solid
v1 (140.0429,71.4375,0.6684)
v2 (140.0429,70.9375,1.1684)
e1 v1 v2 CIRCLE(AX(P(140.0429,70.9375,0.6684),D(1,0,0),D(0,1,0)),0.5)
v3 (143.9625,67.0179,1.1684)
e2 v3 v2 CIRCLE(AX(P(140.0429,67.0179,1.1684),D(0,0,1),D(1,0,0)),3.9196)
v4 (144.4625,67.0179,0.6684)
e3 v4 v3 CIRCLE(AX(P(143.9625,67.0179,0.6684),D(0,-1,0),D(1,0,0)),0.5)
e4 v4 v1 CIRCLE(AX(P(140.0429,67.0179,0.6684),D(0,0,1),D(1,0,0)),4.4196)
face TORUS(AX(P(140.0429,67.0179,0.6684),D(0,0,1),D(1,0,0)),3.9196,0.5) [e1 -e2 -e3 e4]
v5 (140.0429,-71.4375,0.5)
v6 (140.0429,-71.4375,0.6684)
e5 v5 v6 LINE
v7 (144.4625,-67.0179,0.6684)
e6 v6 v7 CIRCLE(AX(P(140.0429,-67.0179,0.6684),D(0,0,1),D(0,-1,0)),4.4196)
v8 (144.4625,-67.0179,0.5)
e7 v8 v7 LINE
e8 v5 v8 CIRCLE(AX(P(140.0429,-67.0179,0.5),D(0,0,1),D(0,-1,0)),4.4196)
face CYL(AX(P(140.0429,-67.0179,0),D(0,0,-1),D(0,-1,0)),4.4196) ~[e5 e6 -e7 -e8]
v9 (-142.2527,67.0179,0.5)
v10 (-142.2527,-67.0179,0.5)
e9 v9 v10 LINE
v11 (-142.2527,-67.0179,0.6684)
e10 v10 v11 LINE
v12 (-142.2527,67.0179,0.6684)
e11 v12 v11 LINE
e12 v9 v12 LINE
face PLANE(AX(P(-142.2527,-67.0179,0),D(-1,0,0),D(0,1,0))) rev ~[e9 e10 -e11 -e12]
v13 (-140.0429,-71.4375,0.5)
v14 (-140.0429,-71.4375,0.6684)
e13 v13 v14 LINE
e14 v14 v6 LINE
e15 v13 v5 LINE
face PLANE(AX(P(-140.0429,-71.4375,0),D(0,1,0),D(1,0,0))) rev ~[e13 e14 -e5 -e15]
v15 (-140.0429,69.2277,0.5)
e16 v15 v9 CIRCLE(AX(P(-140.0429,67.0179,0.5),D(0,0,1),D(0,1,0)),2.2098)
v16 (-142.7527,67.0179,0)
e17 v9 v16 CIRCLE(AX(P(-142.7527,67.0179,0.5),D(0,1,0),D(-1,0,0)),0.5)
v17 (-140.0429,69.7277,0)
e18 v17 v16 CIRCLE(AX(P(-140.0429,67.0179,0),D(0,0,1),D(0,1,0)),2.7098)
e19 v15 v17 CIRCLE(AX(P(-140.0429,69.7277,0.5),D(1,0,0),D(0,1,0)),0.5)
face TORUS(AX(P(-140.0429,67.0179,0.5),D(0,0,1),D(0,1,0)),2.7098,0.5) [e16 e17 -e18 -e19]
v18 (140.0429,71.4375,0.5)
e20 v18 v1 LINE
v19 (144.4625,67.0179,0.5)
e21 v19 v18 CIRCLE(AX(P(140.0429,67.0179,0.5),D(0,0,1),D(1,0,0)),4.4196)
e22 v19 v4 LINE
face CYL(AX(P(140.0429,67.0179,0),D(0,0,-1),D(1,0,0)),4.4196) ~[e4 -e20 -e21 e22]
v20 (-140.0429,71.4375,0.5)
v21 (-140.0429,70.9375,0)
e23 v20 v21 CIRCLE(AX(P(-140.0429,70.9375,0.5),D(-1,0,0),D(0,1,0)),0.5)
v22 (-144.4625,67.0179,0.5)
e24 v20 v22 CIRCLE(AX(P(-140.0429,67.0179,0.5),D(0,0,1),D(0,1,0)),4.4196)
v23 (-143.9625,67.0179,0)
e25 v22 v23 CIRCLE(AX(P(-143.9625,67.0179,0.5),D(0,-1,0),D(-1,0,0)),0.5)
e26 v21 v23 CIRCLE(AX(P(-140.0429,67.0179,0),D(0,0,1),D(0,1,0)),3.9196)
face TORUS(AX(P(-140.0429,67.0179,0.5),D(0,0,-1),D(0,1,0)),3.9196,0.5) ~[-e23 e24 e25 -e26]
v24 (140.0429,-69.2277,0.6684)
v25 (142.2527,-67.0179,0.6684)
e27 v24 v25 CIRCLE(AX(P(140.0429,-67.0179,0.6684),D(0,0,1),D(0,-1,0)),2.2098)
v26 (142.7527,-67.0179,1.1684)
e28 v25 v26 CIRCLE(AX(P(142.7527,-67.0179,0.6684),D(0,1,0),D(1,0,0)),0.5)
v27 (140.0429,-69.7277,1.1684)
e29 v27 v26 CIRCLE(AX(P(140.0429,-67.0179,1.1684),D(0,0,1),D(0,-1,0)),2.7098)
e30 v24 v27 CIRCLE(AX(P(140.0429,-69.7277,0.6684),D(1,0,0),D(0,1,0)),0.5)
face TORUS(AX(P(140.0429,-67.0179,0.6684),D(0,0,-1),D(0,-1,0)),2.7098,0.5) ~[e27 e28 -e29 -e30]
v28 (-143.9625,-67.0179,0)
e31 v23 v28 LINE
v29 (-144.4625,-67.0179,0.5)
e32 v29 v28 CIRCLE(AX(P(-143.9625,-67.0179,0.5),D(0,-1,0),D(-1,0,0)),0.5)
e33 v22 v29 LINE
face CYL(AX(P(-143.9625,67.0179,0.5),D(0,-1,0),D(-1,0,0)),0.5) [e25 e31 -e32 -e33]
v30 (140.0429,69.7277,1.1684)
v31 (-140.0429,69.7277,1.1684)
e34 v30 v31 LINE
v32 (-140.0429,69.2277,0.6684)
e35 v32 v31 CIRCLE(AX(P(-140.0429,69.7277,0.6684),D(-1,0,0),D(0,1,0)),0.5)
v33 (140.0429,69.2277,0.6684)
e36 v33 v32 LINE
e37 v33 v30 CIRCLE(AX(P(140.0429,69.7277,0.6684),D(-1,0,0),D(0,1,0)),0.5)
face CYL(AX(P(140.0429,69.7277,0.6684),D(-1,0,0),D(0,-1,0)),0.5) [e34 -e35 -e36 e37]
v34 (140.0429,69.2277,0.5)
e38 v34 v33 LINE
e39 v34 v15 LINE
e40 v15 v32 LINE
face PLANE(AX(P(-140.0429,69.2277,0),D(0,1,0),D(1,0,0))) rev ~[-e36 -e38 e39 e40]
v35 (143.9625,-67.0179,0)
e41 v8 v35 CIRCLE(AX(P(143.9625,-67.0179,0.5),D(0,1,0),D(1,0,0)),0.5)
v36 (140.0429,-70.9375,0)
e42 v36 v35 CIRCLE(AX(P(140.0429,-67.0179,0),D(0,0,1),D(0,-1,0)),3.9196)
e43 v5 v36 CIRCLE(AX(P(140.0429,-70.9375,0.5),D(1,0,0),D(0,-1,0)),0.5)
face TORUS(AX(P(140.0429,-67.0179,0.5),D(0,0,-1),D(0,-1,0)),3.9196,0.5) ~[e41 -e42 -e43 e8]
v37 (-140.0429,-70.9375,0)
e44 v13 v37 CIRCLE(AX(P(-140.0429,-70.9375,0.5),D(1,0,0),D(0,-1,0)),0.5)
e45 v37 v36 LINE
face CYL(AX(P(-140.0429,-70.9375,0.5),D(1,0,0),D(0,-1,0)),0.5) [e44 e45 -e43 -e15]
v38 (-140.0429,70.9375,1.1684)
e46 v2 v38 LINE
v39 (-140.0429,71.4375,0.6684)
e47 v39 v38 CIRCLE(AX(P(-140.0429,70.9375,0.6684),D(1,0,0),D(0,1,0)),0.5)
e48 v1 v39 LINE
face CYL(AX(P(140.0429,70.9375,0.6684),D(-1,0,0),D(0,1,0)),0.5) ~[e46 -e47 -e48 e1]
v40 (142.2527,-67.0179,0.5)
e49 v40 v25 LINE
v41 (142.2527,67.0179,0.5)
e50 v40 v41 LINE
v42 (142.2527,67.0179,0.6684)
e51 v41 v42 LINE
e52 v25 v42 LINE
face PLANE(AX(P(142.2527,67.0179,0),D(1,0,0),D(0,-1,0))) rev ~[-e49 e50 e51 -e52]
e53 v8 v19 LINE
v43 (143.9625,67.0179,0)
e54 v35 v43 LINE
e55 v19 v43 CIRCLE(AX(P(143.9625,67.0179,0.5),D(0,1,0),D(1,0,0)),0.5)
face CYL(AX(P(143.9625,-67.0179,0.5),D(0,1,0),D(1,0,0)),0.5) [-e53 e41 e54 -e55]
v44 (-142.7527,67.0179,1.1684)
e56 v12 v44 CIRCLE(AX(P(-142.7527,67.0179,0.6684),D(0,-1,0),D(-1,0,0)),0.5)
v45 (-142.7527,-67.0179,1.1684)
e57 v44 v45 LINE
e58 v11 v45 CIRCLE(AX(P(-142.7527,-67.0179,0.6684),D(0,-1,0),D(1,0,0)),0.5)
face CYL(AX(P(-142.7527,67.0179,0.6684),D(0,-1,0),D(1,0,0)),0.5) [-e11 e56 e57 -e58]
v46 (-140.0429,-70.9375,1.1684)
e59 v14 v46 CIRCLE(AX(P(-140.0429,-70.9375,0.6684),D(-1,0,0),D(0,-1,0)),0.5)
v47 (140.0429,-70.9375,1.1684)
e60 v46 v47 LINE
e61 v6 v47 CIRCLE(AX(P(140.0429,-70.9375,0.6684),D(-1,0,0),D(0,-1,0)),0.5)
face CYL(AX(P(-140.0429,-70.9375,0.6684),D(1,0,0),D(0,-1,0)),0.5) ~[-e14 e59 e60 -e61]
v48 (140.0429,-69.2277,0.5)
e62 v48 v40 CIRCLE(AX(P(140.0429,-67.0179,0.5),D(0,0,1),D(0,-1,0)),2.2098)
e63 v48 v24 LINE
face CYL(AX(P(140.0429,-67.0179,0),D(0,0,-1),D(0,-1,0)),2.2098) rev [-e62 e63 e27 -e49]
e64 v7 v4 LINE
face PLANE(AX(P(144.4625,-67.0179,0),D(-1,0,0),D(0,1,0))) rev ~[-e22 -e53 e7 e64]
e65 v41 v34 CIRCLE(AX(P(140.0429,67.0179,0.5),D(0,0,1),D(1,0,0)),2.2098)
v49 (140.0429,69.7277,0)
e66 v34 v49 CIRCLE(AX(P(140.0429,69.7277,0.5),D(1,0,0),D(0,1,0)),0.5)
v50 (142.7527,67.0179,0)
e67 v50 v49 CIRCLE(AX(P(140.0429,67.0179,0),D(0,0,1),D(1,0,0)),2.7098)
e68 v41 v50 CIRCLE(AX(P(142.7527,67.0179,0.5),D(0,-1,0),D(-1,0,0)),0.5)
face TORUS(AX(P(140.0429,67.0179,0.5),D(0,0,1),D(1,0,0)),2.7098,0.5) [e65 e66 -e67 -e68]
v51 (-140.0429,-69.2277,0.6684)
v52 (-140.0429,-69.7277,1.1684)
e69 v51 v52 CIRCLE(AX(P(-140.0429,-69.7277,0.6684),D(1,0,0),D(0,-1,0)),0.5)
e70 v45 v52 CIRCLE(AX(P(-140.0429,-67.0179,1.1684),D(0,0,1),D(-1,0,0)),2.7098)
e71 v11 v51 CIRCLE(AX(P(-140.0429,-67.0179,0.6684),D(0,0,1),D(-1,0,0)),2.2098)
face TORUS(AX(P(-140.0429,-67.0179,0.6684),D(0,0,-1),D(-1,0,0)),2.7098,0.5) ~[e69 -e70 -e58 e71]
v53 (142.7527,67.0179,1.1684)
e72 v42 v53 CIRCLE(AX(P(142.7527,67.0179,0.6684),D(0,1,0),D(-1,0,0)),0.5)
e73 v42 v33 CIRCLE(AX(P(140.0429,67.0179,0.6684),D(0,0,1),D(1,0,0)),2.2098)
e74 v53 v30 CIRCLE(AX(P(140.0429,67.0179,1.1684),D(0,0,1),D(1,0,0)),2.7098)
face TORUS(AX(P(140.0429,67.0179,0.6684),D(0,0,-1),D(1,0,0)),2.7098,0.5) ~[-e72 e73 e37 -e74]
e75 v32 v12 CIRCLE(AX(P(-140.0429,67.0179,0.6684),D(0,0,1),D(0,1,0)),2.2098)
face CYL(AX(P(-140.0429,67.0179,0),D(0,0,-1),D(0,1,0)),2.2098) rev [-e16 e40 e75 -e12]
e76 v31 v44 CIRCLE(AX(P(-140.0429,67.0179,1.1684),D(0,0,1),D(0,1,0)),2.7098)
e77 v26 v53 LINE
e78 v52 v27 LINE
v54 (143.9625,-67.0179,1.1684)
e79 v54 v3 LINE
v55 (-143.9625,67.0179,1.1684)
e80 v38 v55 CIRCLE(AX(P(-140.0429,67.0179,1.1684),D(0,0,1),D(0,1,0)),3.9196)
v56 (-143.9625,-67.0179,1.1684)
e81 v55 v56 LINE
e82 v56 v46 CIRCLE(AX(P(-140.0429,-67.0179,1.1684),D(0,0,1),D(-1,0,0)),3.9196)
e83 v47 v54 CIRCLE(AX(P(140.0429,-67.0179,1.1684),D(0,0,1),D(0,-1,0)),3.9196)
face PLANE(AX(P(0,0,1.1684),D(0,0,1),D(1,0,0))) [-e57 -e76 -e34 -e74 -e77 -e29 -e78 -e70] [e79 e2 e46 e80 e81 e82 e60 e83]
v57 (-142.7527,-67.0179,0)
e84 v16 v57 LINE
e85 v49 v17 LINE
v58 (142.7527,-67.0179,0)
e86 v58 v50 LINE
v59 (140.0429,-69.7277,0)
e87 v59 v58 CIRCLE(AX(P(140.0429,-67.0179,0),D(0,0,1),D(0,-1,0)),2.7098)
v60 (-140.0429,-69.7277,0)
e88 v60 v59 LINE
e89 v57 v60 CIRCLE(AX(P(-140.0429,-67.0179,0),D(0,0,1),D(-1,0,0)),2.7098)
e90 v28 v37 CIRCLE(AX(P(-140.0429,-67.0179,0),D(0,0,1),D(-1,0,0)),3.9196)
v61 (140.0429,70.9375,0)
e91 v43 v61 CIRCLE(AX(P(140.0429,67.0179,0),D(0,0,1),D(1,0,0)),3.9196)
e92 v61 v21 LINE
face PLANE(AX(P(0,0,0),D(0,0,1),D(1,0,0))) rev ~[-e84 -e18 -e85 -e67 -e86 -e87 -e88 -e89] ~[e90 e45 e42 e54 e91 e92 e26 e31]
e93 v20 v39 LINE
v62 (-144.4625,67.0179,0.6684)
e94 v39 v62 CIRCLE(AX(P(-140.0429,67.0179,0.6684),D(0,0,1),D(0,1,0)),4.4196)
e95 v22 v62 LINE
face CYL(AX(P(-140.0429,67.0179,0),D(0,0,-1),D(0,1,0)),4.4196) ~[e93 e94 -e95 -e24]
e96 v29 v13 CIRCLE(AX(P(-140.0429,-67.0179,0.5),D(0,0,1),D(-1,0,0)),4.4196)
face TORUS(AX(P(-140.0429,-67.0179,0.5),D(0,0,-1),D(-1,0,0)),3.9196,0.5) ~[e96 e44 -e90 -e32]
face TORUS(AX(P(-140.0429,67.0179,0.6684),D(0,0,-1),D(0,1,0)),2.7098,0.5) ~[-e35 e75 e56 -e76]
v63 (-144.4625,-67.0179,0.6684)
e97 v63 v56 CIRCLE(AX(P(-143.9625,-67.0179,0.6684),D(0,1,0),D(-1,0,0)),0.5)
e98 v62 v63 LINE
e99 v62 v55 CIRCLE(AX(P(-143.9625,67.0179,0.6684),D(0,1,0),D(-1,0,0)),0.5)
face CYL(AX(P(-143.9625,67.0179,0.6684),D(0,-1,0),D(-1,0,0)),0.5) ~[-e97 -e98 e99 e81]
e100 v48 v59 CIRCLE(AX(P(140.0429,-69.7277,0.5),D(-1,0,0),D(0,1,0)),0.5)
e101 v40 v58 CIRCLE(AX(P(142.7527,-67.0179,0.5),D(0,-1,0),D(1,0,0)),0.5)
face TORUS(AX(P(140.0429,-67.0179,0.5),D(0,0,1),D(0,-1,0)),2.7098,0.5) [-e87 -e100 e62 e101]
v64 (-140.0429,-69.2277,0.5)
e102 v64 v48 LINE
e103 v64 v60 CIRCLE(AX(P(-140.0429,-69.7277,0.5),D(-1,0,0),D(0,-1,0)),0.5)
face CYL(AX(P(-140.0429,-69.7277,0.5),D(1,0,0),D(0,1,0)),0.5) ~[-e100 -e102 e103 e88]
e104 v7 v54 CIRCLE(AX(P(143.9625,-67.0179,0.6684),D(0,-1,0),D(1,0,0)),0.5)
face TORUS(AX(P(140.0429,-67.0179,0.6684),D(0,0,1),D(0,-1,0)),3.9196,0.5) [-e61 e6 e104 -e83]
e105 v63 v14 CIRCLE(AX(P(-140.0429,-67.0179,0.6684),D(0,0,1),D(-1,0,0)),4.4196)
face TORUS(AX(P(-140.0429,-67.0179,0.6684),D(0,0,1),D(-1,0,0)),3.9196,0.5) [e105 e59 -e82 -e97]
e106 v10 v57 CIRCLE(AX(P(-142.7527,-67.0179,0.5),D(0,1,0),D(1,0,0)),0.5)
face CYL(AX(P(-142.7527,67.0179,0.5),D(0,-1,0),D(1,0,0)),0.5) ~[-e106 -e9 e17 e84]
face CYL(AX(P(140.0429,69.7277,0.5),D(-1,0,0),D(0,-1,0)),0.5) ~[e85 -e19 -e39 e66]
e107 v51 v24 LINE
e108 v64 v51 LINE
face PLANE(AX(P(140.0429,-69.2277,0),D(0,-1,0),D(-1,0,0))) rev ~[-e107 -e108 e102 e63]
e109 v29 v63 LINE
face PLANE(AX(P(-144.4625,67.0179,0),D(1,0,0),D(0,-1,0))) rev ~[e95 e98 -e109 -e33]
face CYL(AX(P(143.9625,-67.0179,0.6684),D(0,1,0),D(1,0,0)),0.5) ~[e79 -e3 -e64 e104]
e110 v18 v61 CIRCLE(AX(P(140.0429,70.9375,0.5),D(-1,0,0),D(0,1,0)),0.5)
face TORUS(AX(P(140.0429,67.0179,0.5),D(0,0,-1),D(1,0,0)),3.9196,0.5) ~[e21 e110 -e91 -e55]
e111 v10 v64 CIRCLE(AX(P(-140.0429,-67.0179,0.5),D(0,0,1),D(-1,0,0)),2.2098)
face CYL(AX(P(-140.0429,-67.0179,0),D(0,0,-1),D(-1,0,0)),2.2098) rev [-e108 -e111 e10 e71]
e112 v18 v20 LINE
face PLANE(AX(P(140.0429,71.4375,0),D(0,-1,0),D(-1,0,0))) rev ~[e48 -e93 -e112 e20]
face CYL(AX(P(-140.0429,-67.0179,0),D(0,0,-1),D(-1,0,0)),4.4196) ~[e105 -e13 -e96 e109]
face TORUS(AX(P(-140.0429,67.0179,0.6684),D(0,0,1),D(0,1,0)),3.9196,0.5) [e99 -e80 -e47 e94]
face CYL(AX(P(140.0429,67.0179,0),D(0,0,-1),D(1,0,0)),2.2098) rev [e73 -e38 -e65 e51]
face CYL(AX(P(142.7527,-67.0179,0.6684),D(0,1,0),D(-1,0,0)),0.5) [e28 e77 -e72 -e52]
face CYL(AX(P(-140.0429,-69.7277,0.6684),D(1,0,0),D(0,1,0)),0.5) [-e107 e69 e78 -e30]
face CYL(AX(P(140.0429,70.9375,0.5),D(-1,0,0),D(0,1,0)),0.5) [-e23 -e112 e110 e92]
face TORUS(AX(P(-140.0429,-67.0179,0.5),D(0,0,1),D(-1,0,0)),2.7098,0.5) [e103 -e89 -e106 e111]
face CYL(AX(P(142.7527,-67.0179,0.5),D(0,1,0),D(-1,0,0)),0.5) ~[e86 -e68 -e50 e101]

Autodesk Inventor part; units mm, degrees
ref_plane "YZ Plane" through (0, 0, 0) normal (1, 0, 0) x (0, 1, 0)
ref_plane "XZ Plane" through (0, 0, 0) normal (0, 1, 0) x (-1, 0, 0)
ref_plane "XY Plane" through (0, 0, 0) normal (0, 0, 1) x (1, 0, 0)
sketch "Sketch1" plane through (0, 0, 0) normal (0, 0, 1) x (1, 0, 0)
  line L0 (146.05, -73.025) -> (-146.05, -73.025)
  line L1 (-146.05, -73.025) -> (-146.05, 73.025)
  line L2 (-146.05, 73.025) -> (146.05, 73.025)
  line L3 (146.05, 73.025) -> (146.05, -73.025)
  line L4 (146.05, -73.025) -> (-146.05, 73.025) construction
  line L5 (-146.05, -73.025) -> (146.05, 73.025) construction
  line L6 (-144.4625, 67.0179) -> (-144.4625, -67.0179)
  line L7 (-140.0429, -71.4375) -> (140.0429, -71.4375)
  line L8 (144.4625, -67.0179) -> (144.4625, 67.0179)
  line L9 (140.0429, 71.4375) -> (-140.0429, 71.4375)
  line L10 (-142.2527, -67.0179) -> (-142.2527, 67.0179)
  line L11 (-140.0429, 69.2277) -> (140.0429, 69.2277)
  line L12 (142.2527, 67.0179) -> (142.2527, -67.0179)
  line L13 (140.0429, -69.2277) -> (-140.0429, -69.2277)
  arc A0 (-142.2527, -67.0179) -> (-140.0429, -69.2277) centre (-140.0429, -67.0179) ccw
  arc A1 (140.0429, -69.2277) -> (142.2527, -67.0179) centre (140.0429, -67.0179) ccw
  arc A2 (142.2527, 67.0179) -> (140.0429, 69.2277) centre (140.0429, 67.0179) ccw
  arc A3 (-140.0429, 69.2277) -> (-142.2527, 67.0179) centre (-140.0429, 67.0179) ccw
  arc A4 (-144.4625, -67.0179) -> (-140.0429, -71.4375) centre (-140.0429, -67.0179) ccw
  arc A5 (140.0429, -71.4375) -> (144.4625, -67.0179) centre (140.0429, -67.0179) ccw
  arc A6 (144.4625, 67.0179) -> (140.0429, 71.4375) centre (140.0429, 67.0179) ccw
  arc A7 (-140.0429, 71.4375) -> (-144.4625, 67.0179) centre (-140.0429, 67.0179) ccw
  point P0 (0, 0)
  dimension "d0" = 292.1
  dimension "d1" = 146.05
  dimension "d2" = 1.5875
  dimension "d3" = 2.2098
  dimension "d4" = 2.2098
  dimension "d5" = 4.4196
extrude "Extrusion1" add sketch "Sketch1" along normal blind 1.1684 contours A7 L9 A6 L8 A5 L7 A4 L6
fillet "Fillet1" radius 0.5 32 edges at (-141.6055, 68.5805, 1.1684) (0, 69.2277, 1.1684) (141.6055, 68.5805, 1.1684) (142.2527, 0, 1.1684) (141.6055, -68.5805, 1.1684) (0, -69.2277, 1.1684) (-141.6055, -68.5805, 1.1684) (-142.2527, 0, 1.1684) (-141.6055, 68.5805, 0) (-142.2527, 0, 0) (-141.6055, -68.5805, 0) (0, -69.2277, 0) (141.6055, -68.5805, 0) (142.2527, 0, 0) (141.6055, 68.5805, 0) (0, 69.2277, 0) (-144.4625, 0, 1.1684) (-143.168, -70.143, 1.1684) (0, -71.4375, 1.1684) (143.168, -70.143, 1.1684) (144.4625, 0, 1.1684) (143.168, 70.143, 1.1684) (0, 71.4375, 1.1684) (-143.168, 70.143, 1.1684) (-144.4625, 0, 0) (-143.168, 70.143, 0) (0, 71.4375, 0) (143.168, 70.143, 0) (144.4625, 0, 0) (143.168, -70.143, 0) (0, -71.4375, 0) (-143.168, -70.143, 0)
equation "\"d0\" = depth + 2 * frameAcrylicThickness"
equation "\"d1\" = width + 2 * frameAcrylicThickness"
equation "\"frameAcrylicThickness\" = 9.525"
equation "\"width\" = 127"
equation "\"depth\" = 273.05"
equation "\"internalAcrylicThickness\" = 6.35"
equation "\"height\" = 127"
equation "\"mirrorAngle\" = 5deg"
equation "\"detectorWidth\" = 52"
equation "\"detectorHeight\" = 52"
equation "\"mirrorThickness\" = 3.175"
equation "\"fresnelThickness\" = 0.1"
equation "\"focalLength\" = 76.2"
equation "\"ior\" = 1.49"
equation "\"centerThickness\" = 1.524"
equation "\"fresnelAngle\" = 90deg"
equation "\"fresnelEffectiveDiameter\" = 152.4"
equation "\"oRingWidth\" = 1.5875"
equation "\"sensorHolderDepth\" = 19.05"
equation "\"aerogelClearence\" = 3.175"
equation "\"backplanePCBHeight\" = 76.2"
equation "\"backplanePCBWidth\" = 76.2"
equation "\"backplaneHoleOffsett\" = 6.35"
equation "\"backplanePostionOffsett\" = 12.7"
equation "\"moduleSlotClearence\" = 0.79375"
properties part number "topORing" material "Rubber"
